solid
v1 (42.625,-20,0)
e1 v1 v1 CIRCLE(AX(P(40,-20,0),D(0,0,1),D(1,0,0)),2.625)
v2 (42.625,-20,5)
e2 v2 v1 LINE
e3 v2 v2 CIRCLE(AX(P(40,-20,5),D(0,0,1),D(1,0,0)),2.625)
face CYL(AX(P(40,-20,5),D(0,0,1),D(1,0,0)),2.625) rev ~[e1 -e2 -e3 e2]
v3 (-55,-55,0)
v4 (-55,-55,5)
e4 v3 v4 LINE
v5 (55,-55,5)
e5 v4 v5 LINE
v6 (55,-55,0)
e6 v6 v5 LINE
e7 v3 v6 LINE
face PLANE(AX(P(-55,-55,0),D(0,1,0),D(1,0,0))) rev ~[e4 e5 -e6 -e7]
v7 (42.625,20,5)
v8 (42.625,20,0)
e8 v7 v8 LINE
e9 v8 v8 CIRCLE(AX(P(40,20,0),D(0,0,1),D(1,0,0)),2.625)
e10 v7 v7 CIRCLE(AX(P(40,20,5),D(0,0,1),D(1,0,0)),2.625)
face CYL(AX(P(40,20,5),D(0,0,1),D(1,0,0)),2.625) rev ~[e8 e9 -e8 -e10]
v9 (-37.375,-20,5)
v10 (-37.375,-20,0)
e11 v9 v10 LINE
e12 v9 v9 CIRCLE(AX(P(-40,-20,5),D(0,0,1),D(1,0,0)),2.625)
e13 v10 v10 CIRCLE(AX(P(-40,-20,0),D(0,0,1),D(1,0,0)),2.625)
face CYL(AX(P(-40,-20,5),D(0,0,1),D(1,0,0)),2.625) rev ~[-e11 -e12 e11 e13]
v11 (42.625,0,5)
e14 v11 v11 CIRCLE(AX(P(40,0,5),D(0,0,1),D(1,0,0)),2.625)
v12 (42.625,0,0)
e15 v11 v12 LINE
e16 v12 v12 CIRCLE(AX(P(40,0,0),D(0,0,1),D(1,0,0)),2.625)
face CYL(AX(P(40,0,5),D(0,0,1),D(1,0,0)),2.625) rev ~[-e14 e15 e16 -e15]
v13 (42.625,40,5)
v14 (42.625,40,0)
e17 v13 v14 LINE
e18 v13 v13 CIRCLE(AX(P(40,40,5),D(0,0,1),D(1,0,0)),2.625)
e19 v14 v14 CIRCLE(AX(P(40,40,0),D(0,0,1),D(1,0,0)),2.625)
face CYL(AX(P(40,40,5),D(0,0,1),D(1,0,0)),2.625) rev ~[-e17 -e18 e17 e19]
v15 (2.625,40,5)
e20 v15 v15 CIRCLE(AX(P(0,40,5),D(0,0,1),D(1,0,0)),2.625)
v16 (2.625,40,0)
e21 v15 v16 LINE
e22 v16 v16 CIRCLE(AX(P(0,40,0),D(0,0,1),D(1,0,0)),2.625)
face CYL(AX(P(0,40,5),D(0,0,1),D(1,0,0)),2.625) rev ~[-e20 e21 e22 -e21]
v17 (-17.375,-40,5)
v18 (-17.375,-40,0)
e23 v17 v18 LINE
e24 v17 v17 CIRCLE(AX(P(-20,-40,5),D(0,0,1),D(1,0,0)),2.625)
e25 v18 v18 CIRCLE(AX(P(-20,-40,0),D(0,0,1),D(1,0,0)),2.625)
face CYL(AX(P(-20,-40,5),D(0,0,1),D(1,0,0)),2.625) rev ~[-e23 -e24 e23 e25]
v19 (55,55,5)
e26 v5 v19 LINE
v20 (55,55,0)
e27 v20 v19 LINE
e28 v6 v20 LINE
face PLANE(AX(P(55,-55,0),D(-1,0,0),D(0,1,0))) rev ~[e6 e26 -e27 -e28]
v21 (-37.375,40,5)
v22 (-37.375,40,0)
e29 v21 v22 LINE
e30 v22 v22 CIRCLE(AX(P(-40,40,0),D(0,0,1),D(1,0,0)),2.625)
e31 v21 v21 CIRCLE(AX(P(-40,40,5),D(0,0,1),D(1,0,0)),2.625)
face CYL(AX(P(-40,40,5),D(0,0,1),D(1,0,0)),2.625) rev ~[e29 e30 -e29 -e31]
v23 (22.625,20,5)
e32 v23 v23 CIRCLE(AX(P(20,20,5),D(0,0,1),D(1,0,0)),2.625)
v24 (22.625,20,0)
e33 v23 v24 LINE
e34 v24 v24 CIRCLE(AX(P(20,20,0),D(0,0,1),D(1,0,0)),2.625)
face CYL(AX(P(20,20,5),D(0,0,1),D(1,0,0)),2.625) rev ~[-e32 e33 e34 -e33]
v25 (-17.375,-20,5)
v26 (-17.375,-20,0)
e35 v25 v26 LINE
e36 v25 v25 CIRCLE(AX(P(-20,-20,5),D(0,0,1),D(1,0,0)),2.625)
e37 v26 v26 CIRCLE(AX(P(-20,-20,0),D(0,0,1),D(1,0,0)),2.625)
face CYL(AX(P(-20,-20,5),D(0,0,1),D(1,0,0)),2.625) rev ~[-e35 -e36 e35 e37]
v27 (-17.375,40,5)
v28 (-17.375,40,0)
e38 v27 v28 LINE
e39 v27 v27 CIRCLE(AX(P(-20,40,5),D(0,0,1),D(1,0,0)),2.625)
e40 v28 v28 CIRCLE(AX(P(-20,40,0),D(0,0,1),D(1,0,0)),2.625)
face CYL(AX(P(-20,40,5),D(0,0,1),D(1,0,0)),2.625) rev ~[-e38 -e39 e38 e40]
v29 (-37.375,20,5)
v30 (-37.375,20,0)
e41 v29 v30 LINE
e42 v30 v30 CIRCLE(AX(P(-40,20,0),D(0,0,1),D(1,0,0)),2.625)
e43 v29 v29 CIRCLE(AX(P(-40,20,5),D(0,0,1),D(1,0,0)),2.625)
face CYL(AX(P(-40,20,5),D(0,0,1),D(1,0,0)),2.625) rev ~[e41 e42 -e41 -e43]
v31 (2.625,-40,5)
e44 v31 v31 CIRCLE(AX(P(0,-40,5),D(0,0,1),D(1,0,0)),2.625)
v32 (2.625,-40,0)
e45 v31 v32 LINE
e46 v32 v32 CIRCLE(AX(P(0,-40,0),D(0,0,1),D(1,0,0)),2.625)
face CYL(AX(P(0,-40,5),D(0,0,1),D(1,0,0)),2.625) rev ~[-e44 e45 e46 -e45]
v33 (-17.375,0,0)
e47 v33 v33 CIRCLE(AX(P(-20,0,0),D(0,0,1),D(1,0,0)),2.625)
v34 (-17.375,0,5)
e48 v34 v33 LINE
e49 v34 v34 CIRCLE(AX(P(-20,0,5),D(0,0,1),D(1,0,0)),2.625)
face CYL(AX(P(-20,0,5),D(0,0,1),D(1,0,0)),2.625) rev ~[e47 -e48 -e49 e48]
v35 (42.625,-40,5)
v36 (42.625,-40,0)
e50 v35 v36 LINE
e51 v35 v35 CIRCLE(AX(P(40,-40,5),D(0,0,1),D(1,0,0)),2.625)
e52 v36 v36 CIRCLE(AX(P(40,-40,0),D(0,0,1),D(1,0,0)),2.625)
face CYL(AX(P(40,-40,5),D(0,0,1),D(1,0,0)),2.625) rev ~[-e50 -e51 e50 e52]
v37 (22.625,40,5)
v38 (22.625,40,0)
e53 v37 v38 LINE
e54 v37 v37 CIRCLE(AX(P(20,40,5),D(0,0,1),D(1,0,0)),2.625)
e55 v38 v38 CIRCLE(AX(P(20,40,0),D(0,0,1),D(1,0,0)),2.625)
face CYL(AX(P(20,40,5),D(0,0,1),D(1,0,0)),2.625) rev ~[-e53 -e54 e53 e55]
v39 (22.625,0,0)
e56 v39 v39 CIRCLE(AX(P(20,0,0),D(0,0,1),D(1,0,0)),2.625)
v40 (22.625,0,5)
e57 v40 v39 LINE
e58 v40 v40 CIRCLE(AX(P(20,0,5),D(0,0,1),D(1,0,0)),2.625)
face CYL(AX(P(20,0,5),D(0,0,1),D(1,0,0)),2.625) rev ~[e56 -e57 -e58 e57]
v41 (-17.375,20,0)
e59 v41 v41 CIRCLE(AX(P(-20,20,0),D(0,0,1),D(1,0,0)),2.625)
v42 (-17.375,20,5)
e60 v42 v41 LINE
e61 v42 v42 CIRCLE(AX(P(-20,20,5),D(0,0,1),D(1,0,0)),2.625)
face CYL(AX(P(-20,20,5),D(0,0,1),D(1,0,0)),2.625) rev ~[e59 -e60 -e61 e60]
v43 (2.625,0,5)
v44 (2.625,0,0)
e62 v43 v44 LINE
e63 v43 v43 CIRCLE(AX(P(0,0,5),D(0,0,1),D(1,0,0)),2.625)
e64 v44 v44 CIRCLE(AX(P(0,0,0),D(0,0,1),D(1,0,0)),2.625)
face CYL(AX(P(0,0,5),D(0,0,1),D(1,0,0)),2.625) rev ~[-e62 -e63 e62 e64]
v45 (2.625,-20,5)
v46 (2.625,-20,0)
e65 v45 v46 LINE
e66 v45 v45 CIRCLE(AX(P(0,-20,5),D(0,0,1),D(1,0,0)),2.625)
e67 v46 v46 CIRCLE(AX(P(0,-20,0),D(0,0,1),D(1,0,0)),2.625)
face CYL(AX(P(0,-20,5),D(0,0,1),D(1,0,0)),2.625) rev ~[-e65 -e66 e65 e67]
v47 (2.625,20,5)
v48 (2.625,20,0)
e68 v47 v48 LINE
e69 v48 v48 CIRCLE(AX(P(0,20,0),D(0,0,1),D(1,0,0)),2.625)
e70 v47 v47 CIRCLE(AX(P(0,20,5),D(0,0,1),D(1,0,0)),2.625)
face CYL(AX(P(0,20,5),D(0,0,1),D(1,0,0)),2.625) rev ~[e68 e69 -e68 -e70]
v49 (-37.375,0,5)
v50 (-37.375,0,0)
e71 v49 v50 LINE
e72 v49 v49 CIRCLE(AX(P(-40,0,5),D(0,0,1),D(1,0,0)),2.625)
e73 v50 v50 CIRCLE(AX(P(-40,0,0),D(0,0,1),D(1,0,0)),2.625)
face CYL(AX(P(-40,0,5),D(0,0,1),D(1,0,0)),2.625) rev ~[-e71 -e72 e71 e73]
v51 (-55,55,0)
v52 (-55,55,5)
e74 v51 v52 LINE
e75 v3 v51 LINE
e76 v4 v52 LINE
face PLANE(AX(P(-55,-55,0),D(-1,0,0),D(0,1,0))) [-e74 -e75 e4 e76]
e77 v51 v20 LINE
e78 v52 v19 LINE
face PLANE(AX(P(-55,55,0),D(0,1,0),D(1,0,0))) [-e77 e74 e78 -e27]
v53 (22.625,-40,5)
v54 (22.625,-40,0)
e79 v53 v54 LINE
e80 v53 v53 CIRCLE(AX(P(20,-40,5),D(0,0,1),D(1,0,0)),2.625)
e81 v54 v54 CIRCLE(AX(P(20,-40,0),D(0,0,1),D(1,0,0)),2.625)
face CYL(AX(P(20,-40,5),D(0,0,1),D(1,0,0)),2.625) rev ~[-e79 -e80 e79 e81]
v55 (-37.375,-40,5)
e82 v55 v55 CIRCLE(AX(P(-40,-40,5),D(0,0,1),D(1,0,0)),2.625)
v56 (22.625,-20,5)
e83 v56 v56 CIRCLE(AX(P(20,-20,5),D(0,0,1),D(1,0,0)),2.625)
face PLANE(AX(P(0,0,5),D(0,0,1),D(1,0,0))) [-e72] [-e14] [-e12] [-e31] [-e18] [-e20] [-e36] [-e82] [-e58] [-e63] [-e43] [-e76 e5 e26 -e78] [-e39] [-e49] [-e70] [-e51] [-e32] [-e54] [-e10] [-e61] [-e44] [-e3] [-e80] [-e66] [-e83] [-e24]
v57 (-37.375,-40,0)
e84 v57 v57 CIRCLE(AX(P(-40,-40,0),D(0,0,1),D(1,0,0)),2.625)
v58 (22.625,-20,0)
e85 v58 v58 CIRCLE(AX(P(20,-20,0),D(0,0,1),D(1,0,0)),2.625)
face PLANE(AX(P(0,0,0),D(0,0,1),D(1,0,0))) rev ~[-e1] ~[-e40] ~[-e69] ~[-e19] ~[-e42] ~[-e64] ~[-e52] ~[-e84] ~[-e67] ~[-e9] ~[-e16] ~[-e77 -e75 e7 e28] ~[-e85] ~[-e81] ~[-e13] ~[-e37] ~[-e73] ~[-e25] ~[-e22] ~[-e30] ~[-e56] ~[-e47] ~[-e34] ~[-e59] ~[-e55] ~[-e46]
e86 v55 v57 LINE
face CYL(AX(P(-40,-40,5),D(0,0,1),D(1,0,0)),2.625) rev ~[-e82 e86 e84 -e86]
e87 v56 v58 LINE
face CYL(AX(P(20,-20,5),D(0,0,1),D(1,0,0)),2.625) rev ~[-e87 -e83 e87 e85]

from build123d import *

# Parameters (mm, degrees)
SKETCH_W     = 110
SKETCH_H     = 110
PAD_DEPTH    = 5
SKETCH001_R  = 2.625
POCKET_DEPTH = 5


with BuildPart() as part:
    # Sketch → Pad (new body)
    with BuildSketch(Plane.XY):
        Rectangle(SKETCH_W, SKETCH_H)
    extrude(amount=PAD_DEPTH)

    # Sketch001 (on Face6 of Pad) → Pocket (cut)
    with BuildSketch(Plane.XY.offset(5)):
        Circle(SKETCH001_R)
        with Locations((20, 0)):
            Circle(SKETCH001_R)
        with Locations((40, 0)):
            Circle(SKETCH001_R)
        with Locations((-20, 0)):
            Circle(SKETCH001_R)
        with Locations((-40, 0)):
            Circle(SKETCH001_R)
        with Locations((-40, 20)):
            Circle(SKETCH001_R)
        with Locations((-40, 40)):
            Circle(SKETCH001_R)
        with Locations((-20, 20)):
            Circle(SKETCH001_R)
        with Locations((-20, 40)):
            Circle(SKETCH001_R)
        with Locations((0, 20)):
            Circle(SKETCH001_R)
        with Locations((0, 40)):
            Circle(SKETCH001_R)
        with Locations((20, 20)):
            Circle(SKETCH001_R)
        with Locations((20, 40)):
            Circle(SKETCH001_R)
        with Locations((40, 20)):
            Circle(SKETCH001_R)
        with Locations((40, 40)):
            Circle(SKETCH001_R)
        with Locations((0, -20)):
            Circle(SKETCH001_R)
        with Locations((0, -40)):
            Circle(SKETCH001_R)
        with Locations((20, -20)):
            Circle(SKETCH001_R)
        with Locations((20, -40)):
            Circle(SKETCH001_R)
        with Locations((40, -20)):
            Circle(SKETCH001_R)
        with Locations((40, -40)):
            Circle(SKETCH001_R)
        with Locations((-20, -40)):
            Circle(SKETCH001_R)
        with Locations((-20, -20)):
            Circle(SKETCH001_R)
        with Locations((-40, -20)):
            Circle(SKETCH001_R)
        with Locations((-40, -40)):
            Circle(SKETCH001_R)
    extrude(amount=-POCKET_DEPTH, mode=Mode.SUBTRACT)


solid = part.part
